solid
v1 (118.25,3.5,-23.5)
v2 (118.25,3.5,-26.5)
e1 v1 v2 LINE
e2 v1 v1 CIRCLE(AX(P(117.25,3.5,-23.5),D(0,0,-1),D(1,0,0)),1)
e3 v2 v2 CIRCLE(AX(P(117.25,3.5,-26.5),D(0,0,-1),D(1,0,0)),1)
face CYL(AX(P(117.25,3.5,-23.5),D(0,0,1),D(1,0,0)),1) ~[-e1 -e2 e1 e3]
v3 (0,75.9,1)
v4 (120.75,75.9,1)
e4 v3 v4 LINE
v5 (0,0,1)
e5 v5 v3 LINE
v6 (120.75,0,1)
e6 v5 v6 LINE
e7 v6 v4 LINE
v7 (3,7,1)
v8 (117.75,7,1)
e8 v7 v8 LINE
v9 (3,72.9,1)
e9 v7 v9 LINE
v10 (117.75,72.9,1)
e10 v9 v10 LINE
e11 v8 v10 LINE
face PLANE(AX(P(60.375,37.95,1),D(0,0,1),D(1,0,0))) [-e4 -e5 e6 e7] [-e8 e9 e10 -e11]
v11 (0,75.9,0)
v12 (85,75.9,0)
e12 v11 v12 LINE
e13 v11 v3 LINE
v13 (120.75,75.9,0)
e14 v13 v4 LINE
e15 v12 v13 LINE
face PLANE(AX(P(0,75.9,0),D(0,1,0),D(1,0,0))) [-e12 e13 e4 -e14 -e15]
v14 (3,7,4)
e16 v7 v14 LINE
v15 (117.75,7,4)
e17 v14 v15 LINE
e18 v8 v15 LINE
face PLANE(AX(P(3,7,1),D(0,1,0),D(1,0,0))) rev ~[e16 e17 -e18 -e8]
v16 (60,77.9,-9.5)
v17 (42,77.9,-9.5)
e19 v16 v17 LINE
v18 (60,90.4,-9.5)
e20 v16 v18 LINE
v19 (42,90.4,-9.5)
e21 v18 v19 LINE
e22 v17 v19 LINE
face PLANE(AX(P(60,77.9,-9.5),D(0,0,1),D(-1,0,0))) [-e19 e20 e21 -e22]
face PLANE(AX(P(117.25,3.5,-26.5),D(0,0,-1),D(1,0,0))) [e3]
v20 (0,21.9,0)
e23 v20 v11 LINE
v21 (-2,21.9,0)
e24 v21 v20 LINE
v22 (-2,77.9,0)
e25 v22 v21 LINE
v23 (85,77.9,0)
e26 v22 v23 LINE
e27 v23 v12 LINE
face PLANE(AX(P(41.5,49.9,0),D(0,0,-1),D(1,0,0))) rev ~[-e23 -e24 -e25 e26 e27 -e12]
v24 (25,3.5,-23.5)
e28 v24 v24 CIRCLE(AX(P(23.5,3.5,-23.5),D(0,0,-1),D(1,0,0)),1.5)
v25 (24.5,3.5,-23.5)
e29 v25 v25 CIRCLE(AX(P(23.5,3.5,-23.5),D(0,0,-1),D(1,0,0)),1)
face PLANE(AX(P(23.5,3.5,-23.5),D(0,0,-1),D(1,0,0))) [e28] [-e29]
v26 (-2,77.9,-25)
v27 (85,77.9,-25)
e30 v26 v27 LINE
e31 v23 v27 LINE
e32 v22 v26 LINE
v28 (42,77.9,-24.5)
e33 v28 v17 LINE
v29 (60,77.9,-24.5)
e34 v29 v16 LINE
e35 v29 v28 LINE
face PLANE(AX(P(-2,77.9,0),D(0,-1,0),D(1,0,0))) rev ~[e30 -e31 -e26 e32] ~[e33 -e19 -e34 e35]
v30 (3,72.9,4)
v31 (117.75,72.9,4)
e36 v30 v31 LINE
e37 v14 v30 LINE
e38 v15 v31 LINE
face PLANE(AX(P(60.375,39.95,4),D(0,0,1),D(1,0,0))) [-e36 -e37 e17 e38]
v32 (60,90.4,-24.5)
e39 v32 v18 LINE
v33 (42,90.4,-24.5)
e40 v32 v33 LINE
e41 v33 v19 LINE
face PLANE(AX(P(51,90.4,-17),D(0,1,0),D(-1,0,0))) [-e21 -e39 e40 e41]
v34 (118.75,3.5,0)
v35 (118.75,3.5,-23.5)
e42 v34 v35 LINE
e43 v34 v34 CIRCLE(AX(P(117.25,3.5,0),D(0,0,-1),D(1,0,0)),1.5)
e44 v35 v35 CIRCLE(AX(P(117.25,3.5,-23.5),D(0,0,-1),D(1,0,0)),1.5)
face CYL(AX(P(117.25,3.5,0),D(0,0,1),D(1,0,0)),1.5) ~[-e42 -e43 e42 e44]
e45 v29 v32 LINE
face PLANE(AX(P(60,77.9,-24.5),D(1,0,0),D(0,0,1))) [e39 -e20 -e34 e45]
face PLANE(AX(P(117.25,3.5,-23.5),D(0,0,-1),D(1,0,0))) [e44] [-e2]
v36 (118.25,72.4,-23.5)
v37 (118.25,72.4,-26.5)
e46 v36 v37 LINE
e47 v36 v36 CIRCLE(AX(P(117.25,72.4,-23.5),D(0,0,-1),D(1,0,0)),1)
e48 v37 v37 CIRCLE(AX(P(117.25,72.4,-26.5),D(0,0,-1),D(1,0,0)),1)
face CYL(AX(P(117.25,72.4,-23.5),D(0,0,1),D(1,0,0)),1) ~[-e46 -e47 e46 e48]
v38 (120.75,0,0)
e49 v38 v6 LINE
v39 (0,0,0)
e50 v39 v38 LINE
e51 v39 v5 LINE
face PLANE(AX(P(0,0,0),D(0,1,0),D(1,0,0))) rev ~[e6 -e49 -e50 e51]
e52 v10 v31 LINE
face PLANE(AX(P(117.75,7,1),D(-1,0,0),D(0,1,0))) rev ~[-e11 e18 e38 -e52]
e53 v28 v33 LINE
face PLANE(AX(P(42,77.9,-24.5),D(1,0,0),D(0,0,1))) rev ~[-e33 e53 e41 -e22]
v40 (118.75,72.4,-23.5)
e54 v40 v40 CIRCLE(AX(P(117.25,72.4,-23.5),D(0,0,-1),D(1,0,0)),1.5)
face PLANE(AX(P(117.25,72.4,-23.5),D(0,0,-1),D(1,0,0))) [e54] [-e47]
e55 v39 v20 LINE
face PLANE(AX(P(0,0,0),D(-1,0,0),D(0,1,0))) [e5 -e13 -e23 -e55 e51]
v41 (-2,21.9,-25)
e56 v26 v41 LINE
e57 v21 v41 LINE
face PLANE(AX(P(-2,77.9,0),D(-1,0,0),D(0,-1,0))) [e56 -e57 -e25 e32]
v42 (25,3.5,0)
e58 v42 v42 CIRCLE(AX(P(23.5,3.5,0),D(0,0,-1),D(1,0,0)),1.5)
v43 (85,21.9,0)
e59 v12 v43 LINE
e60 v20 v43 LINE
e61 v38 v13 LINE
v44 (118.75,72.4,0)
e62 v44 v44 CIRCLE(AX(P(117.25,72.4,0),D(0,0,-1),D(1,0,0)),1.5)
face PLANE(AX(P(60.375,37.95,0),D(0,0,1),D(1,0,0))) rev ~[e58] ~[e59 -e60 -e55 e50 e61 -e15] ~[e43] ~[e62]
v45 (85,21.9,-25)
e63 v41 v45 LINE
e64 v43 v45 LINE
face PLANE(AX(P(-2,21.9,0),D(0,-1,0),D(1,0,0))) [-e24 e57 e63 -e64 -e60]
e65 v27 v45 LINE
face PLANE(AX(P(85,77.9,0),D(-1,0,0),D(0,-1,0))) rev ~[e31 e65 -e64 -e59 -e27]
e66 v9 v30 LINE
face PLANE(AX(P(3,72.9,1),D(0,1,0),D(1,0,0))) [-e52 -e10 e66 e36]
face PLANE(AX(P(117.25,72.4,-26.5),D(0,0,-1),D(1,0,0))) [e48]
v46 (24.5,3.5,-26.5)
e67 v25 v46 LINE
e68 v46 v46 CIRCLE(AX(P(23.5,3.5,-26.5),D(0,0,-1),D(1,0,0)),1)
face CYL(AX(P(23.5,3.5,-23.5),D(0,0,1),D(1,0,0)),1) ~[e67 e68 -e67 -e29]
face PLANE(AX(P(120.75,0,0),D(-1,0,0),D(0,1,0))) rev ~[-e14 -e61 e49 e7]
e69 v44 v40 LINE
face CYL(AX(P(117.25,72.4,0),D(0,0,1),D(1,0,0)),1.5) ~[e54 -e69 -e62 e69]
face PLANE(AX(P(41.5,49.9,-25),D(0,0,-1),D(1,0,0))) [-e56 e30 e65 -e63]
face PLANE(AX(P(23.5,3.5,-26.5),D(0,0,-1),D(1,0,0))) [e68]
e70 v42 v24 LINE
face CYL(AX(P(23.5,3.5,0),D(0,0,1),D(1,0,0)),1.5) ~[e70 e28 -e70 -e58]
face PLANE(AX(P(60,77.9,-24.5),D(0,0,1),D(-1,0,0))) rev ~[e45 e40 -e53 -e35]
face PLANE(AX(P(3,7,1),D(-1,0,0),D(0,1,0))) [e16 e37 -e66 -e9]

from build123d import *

# Parameters (mm, degrees)
F0_W      = 120.75
F0_H      = 75.9
F1_DEPTH  = 1
F2_W      = 114.75
F2_H      = 65.9
F3_DEPTH  = 3
F4_W      = 87
F4_H      = 56
F5_DEPTH  = 25
F6_W      = 18
F6_H      = 15
F7_DEPTH  = 12.5
F8_R      = 1.5
F9_DEPTH  = 23.5
F10_R     = 1
F11_DEPTH = 3


with BuildPart() as f1:
    # F0 (on Top) → F1 (new body)
    with BuildSketch(Plane.XY):
        with Locations((60.375, 37.95)):
            Rectangle(F0_W, F0_H)
    extrude(amount=F1_DEPTH)

    # F2 (on face) → F3 (join)
    with BuildSketch(Plane.XY.offset(1)):
        with Locations((60.375, 39.95)):
            Rectangle(F2_W, F2_H)
    extrude(amount=F3_DEPTH)

    # F4 (on face) → F5 (join)
    with BuildSketch(Plane(origin=(0, 0, 0), x_dir=(1, 0, 0), z_dir=(0, 0, -1))):
        with Locations((41.5, -49.9)):
            Rectangle(F4_W, F4_H)
    extrude(amount=F5_DEPTH)

    # F6 (on face) → F7 (join)
    with BuildSketch(Plane(origin=(0, 77.9, 0), x_dir=(-1, 0, 0), z_dir=(0, 1, 0))):
        with Locations((-51, -17)):
            Rectangle(F6_W, F6_H)
    extrude(amount=F7_DEPTH)

    # F8 (on face) → F9 (join)
    with BuildSketch(Plane(origin=(0, 0, 0), x_dir=(1, 0, 0), z_dir=(0, 0, -1))):
        with Locations((23.5, -3.5)):
            Circle(F8_R)
        with Locations((117.25, -3.5)):
            Circle(F8_R)
        with Locations((117.25, -72.4)):
            Circle(F8_R)
    extrude(amount=F9_DEPTH)

    # F10 (on face) → F11 (join)
    with BuildSketch(Plane(origin=(0, 0, -23.5), x_dir=(1, 0, 0), z_dir=(0, 0, -1))):
        with Locations((23.5, -3.5)):
            Circle(F10_R)
        with Locations((117.25, -3.5)):
            Circle(F10_R)
        with Locations((117.25, -72.4)):
            Circle(F10_R)
    extrude(amount=F11_DEPTH)


solid = f1.part
